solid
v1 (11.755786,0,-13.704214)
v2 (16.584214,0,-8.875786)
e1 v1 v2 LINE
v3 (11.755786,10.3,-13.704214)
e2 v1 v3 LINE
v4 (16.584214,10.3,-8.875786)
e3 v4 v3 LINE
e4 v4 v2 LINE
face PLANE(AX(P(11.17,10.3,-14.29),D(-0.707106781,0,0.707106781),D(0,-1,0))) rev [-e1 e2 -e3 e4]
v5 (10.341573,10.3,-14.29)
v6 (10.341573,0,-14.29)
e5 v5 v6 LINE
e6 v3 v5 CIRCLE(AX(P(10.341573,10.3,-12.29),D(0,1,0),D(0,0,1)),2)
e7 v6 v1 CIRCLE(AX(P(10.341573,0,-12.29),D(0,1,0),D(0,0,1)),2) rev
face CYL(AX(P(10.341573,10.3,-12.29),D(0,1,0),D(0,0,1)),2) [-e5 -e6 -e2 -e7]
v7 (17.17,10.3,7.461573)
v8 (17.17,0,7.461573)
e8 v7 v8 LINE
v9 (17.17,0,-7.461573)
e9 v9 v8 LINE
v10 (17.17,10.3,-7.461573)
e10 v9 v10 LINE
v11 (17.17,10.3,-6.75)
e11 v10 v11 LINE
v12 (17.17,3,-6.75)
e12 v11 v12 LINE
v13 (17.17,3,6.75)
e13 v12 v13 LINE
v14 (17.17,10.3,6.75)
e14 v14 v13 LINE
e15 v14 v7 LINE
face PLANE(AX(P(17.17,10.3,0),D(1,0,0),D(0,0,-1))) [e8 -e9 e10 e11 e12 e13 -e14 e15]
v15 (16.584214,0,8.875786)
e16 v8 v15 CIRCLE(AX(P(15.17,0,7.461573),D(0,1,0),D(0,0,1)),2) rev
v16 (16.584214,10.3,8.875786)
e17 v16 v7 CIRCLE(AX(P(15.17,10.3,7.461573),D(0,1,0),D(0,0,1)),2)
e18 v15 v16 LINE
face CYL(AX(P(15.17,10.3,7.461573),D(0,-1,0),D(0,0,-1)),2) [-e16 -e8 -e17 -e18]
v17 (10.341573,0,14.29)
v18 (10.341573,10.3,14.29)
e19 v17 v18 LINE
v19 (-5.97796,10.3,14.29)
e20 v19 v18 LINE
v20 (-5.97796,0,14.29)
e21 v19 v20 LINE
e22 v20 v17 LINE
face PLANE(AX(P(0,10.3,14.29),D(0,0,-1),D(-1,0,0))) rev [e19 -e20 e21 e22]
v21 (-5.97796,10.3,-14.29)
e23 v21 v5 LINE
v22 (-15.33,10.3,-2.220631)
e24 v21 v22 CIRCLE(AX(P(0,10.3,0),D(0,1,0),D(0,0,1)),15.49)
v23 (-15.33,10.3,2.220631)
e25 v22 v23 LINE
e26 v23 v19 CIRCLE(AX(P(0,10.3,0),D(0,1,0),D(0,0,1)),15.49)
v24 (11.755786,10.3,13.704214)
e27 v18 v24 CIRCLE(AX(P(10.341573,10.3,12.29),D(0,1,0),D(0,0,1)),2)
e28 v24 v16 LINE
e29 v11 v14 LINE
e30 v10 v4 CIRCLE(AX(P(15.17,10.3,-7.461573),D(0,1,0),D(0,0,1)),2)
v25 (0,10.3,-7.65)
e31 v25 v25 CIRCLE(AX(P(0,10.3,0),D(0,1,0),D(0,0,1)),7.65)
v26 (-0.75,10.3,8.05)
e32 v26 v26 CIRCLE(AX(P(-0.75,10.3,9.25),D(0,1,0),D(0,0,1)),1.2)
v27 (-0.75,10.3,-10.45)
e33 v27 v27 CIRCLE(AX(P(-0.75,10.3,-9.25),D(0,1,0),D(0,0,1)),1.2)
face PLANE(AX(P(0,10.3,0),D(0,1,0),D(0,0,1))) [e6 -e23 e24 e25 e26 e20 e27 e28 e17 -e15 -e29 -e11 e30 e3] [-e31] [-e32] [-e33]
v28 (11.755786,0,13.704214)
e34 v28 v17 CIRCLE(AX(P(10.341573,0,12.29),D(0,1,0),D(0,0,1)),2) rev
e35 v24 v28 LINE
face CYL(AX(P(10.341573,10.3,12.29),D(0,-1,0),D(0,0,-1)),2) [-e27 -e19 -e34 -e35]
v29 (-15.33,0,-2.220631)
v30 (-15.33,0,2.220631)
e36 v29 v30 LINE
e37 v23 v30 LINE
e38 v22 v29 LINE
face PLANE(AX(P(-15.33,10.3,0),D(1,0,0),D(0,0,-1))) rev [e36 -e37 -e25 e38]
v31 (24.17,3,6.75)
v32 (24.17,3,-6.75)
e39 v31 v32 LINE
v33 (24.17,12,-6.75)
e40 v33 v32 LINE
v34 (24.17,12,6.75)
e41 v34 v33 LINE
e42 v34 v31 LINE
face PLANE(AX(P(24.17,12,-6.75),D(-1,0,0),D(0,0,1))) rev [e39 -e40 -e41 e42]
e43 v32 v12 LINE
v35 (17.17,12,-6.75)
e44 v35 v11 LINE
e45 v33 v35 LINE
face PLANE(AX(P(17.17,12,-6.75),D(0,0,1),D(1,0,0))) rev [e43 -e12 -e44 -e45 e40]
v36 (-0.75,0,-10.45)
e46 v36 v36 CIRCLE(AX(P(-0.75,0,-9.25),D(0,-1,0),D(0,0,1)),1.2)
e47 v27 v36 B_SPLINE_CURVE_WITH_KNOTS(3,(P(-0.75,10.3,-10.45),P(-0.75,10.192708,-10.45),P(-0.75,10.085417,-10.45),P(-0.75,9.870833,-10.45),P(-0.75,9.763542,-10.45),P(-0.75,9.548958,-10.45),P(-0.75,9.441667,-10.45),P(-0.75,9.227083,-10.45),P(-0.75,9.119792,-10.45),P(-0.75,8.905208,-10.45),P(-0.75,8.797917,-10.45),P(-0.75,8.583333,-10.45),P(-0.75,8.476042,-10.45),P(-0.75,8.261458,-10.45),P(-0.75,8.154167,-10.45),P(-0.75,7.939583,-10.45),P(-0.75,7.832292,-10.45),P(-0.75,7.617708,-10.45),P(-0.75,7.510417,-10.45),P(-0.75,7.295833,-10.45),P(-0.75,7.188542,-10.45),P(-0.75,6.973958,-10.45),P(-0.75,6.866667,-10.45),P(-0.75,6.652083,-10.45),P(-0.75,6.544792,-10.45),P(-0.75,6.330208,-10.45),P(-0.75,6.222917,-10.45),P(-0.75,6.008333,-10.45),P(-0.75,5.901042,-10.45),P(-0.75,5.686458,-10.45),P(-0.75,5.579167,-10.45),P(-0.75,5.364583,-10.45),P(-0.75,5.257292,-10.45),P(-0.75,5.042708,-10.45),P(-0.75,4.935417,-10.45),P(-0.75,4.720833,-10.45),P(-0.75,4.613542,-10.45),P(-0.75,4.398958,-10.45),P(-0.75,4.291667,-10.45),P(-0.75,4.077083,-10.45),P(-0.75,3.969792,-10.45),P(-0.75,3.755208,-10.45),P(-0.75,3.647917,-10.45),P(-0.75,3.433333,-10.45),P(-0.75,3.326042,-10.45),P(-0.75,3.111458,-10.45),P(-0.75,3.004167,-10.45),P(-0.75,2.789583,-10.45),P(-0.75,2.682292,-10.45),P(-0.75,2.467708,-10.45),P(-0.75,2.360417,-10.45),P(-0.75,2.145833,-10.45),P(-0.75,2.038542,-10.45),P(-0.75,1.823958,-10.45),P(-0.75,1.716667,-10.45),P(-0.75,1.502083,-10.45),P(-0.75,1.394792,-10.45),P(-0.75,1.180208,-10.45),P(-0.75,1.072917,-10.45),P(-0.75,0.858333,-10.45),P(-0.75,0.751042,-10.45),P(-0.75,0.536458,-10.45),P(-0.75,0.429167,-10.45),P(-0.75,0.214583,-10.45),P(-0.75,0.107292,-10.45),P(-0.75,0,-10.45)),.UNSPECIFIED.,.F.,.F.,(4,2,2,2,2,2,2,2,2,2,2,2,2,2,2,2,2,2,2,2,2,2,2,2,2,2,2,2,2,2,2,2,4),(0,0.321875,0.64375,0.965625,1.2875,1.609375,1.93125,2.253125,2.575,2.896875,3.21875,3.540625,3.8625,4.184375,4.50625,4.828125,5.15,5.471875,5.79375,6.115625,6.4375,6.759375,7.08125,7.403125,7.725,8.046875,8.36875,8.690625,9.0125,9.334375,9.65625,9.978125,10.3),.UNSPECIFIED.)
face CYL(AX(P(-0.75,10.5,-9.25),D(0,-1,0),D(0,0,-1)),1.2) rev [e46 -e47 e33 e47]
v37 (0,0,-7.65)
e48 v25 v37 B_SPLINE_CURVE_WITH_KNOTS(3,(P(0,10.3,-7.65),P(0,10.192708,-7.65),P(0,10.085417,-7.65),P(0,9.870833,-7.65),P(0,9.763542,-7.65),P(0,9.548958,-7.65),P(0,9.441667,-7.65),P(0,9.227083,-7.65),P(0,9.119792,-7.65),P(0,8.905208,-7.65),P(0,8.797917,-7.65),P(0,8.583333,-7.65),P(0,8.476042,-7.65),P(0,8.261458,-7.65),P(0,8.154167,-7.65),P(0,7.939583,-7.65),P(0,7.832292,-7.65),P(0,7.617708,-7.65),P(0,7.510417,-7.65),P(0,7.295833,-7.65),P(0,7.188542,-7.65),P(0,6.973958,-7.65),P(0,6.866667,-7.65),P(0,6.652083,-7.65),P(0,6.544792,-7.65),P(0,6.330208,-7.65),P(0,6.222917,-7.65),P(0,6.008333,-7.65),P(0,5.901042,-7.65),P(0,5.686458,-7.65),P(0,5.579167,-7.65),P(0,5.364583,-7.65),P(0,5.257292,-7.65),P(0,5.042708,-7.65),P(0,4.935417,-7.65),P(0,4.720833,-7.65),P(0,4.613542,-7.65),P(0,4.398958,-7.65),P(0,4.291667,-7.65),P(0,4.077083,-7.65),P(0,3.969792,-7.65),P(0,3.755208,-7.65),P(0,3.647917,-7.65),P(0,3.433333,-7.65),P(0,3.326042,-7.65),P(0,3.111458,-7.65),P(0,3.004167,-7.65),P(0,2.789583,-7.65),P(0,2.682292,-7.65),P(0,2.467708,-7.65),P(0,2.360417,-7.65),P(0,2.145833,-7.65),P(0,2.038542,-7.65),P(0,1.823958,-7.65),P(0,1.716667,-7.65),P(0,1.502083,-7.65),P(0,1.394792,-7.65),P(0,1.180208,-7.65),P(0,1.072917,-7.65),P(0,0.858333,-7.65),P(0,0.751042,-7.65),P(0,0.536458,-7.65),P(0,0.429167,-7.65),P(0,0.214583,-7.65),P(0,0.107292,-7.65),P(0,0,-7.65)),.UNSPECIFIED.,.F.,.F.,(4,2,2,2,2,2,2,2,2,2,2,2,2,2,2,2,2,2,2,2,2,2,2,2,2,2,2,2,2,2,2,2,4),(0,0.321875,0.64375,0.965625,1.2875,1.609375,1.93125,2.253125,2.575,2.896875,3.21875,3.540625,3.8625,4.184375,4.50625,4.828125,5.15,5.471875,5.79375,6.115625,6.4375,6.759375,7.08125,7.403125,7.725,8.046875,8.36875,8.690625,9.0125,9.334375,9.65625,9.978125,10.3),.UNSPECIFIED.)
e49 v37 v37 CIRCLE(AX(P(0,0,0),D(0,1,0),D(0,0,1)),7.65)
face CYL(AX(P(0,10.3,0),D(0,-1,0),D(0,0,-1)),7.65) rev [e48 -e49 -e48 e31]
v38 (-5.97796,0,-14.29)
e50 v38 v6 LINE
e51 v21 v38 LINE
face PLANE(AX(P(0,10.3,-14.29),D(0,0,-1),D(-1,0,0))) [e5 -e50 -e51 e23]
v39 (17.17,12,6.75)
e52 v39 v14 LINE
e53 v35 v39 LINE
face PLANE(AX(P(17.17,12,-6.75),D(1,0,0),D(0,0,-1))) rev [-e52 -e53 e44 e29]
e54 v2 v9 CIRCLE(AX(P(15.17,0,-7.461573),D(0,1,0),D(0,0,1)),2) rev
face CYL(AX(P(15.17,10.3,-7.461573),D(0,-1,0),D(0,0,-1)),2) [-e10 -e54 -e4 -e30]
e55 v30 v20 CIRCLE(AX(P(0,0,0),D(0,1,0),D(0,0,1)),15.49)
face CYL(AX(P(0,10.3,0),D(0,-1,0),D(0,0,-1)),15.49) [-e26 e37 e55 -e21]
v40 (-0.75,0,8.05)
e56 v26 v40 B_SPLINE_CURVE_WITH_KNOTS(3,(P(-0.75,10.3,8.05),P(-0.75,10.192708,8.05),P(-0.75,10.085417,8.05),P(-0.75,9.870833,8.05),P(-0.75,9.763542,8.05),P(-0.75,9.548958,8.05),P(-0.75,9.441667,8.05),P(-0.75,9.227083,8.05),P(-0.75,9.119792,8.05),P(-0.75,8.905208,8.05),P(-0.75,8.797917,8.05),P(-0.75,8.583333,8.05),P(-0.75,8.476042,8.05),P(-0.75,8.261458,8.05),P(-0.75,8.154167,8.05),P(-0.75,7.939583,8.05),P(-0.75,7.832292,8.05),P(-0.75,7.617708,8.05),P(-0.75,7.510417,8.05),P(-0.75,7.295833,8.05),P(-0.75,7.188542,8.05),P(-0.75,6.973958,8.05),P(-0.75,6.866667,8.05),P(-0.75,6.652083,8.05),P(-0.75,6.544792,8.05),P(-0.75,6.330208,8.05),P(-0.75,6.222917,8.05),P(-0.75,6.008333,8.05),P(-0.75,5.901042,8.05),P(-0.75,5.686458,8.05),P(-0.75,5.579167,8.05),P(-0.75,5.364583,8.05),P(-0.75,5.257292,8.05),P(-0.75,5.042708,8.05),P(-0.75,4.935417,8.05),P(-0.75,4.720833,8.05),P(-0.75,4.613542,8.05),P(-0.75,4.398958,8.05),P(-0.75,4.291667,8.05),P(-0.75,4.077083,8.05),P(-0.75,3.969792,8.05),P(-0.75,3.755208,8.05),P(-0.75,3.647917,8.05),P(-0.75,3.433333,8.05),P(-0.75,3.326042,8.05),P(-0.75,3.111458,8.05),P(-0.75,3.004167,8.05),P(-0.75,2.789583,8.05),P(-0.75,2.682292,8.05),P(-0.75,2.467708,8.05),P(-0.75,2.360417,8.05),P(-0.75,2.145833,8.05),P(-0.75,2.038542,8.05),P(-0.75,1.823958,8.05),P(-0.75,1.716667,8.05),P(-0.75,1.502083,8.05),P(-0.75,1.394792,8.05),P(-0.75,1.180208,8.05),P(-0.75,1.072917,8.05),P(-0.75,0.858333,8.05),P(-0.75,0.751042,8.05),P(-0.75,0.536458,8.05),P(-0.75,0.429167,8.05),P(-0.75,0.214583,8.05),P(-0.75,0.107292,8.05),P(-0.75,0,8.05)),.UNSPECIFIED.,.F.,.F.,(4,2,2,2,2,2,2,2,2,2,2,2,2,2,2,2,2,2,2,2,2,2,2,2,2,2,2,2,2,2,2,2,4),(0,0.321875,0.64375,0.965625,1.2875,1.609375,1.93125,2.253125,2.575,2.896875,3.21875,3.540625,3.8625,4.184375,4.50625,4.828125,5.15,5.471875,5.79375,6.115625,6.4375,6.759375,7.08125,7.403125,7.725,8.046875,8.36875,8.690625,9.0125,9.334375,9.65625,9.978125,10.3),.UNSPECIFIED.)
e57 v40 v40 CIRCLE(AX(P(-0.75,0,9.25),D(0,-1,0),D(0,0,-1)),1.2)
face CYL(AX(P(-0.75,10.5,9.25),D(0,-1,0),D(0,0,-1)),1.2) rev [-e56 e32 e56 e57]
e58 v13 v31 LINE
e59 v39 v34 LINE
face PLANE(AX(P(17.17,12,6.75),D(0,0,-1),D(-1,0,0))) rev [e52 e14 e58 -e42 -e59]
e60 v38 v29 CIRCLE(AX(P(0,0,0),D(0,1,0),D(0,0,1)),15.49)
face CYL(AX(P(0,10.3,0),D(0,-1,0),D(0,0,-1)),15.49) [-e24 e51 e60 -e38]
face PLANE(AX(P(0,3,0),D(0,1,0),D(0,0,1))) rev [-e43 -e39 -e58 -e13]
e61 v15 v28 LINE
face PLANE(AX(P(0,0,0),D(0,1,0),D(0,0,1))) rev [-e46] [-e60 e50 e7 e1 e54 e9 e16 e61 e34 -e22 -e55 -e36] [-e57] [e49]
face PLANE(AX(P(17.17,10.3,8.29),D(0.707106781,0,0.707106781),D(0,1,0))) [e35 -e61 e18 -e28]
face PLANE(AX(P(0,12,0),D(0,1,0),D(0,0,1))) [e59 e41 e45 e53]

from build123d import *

# Parameters (mm, degrees)
SKETCH_1_R          = 7.65
EXTRUDE_1_DEPTH     = 10.3
SKETCH_2_R          = 1.2
CUT_EXTRUDE_1_DEPTH = 10.5
CHAMFER_1_SIZE      = 6
FILLET_1_R          = 2
EXTRUDE_START       = 3
SKETCH_4_W          = 7
SKETCH_4_H          = 13.5
EXTRUDE_2_DEPTH     = 9


with BuildPart() as part:
    # ｽｹｯﾁ1 → ﾎﾞｽ - 押し出し1 (new body)
    with BuildSketch(Plane(origin=(0, 0, 0), x_dir=(1, 0, 0), z_dir=(0, 1, 0))):
        with BuildLine():
            Line((17.17, 14.29), (-5.977959518, 14.29))
            ThreePointArc((-5.977959518, 14.29), (-12.244374402, 9.48764436), (-15.33, 2.220630541))
            Line((-15.33, 2.220630541), (-15.33, -2.220630541))
            ThreePointArc((-15.33, -2.220630541), (-12.244374402, -9.48764436), (-5.977959518, -14.29))
            Line((-5.977959518, -14.29), (17.17, -14.29))
            Line((17.17, -14.29), (17.17, 14.29))
        make_face()
        with Locations(Location((0, 0, 0), (0, 0, 90))):
            Circle(SKETCH_1_R, mode=Mode.SUBTRACT)
    extrude(amount=EXTRUDE_1_DEPTH)

    # ｽｹｯﾁ2 → ｶｯﾄ - 押し出し1 (cut)
    with BuildSketch(Plane.XZ):
        with Locations(Location((-0.75, 9.25, 0), (0, 0, 270))):
            Circle(SKETCH_2_R)
        with Locations(Location((-0.75, -9.25, 0), (0, 0, 270))):
            Circle(SKETCH_2_R)
    extrude(amount=-CUT_EXTRUDE_1_DEPTH, mode=Mode.SUBTRACT)

    # 面取り1
    chamfer_1_edges = [part.edges().sort_by_distance(p)[0] for p in [
        (17.17, 5.15, 14.29),
        (17.17, 5.15, -14.29),
    ]]
    chamfer(chamfer_1_edges, length=CHAMFER_1_SIZE)

    # ﾌｨﾚｯﾄ1
    fillet_1_edges = [part.edges().sort_by_distance(p)[0] for p in [
        (17.17, 5.15, 8.29),
        (17.17, 5.15, -8.29),
        (11.17, 5.15, 14.29),
        (11.17, 5.15, -14.29),
    ]]
    fillet(fillet_1_edges, radius=FILLET_1_R)

    # ｽｹｯﾁ4 → ﾎﾞｽ - 押し出し2 (add)
    with BuildSketch(Plane(origin=(0, 0, 0), x_dir=(1, 0, 0), z_dir=(0, 1, 0)).offset(EXTRUDE_START)):
        with Locations((20.67, 0)):
            Rectangle(SKETCH_4_W, SKETCH_4_H)
    extrude(amount=EXTRUDE_2_DEPTH)


solid = part.part
